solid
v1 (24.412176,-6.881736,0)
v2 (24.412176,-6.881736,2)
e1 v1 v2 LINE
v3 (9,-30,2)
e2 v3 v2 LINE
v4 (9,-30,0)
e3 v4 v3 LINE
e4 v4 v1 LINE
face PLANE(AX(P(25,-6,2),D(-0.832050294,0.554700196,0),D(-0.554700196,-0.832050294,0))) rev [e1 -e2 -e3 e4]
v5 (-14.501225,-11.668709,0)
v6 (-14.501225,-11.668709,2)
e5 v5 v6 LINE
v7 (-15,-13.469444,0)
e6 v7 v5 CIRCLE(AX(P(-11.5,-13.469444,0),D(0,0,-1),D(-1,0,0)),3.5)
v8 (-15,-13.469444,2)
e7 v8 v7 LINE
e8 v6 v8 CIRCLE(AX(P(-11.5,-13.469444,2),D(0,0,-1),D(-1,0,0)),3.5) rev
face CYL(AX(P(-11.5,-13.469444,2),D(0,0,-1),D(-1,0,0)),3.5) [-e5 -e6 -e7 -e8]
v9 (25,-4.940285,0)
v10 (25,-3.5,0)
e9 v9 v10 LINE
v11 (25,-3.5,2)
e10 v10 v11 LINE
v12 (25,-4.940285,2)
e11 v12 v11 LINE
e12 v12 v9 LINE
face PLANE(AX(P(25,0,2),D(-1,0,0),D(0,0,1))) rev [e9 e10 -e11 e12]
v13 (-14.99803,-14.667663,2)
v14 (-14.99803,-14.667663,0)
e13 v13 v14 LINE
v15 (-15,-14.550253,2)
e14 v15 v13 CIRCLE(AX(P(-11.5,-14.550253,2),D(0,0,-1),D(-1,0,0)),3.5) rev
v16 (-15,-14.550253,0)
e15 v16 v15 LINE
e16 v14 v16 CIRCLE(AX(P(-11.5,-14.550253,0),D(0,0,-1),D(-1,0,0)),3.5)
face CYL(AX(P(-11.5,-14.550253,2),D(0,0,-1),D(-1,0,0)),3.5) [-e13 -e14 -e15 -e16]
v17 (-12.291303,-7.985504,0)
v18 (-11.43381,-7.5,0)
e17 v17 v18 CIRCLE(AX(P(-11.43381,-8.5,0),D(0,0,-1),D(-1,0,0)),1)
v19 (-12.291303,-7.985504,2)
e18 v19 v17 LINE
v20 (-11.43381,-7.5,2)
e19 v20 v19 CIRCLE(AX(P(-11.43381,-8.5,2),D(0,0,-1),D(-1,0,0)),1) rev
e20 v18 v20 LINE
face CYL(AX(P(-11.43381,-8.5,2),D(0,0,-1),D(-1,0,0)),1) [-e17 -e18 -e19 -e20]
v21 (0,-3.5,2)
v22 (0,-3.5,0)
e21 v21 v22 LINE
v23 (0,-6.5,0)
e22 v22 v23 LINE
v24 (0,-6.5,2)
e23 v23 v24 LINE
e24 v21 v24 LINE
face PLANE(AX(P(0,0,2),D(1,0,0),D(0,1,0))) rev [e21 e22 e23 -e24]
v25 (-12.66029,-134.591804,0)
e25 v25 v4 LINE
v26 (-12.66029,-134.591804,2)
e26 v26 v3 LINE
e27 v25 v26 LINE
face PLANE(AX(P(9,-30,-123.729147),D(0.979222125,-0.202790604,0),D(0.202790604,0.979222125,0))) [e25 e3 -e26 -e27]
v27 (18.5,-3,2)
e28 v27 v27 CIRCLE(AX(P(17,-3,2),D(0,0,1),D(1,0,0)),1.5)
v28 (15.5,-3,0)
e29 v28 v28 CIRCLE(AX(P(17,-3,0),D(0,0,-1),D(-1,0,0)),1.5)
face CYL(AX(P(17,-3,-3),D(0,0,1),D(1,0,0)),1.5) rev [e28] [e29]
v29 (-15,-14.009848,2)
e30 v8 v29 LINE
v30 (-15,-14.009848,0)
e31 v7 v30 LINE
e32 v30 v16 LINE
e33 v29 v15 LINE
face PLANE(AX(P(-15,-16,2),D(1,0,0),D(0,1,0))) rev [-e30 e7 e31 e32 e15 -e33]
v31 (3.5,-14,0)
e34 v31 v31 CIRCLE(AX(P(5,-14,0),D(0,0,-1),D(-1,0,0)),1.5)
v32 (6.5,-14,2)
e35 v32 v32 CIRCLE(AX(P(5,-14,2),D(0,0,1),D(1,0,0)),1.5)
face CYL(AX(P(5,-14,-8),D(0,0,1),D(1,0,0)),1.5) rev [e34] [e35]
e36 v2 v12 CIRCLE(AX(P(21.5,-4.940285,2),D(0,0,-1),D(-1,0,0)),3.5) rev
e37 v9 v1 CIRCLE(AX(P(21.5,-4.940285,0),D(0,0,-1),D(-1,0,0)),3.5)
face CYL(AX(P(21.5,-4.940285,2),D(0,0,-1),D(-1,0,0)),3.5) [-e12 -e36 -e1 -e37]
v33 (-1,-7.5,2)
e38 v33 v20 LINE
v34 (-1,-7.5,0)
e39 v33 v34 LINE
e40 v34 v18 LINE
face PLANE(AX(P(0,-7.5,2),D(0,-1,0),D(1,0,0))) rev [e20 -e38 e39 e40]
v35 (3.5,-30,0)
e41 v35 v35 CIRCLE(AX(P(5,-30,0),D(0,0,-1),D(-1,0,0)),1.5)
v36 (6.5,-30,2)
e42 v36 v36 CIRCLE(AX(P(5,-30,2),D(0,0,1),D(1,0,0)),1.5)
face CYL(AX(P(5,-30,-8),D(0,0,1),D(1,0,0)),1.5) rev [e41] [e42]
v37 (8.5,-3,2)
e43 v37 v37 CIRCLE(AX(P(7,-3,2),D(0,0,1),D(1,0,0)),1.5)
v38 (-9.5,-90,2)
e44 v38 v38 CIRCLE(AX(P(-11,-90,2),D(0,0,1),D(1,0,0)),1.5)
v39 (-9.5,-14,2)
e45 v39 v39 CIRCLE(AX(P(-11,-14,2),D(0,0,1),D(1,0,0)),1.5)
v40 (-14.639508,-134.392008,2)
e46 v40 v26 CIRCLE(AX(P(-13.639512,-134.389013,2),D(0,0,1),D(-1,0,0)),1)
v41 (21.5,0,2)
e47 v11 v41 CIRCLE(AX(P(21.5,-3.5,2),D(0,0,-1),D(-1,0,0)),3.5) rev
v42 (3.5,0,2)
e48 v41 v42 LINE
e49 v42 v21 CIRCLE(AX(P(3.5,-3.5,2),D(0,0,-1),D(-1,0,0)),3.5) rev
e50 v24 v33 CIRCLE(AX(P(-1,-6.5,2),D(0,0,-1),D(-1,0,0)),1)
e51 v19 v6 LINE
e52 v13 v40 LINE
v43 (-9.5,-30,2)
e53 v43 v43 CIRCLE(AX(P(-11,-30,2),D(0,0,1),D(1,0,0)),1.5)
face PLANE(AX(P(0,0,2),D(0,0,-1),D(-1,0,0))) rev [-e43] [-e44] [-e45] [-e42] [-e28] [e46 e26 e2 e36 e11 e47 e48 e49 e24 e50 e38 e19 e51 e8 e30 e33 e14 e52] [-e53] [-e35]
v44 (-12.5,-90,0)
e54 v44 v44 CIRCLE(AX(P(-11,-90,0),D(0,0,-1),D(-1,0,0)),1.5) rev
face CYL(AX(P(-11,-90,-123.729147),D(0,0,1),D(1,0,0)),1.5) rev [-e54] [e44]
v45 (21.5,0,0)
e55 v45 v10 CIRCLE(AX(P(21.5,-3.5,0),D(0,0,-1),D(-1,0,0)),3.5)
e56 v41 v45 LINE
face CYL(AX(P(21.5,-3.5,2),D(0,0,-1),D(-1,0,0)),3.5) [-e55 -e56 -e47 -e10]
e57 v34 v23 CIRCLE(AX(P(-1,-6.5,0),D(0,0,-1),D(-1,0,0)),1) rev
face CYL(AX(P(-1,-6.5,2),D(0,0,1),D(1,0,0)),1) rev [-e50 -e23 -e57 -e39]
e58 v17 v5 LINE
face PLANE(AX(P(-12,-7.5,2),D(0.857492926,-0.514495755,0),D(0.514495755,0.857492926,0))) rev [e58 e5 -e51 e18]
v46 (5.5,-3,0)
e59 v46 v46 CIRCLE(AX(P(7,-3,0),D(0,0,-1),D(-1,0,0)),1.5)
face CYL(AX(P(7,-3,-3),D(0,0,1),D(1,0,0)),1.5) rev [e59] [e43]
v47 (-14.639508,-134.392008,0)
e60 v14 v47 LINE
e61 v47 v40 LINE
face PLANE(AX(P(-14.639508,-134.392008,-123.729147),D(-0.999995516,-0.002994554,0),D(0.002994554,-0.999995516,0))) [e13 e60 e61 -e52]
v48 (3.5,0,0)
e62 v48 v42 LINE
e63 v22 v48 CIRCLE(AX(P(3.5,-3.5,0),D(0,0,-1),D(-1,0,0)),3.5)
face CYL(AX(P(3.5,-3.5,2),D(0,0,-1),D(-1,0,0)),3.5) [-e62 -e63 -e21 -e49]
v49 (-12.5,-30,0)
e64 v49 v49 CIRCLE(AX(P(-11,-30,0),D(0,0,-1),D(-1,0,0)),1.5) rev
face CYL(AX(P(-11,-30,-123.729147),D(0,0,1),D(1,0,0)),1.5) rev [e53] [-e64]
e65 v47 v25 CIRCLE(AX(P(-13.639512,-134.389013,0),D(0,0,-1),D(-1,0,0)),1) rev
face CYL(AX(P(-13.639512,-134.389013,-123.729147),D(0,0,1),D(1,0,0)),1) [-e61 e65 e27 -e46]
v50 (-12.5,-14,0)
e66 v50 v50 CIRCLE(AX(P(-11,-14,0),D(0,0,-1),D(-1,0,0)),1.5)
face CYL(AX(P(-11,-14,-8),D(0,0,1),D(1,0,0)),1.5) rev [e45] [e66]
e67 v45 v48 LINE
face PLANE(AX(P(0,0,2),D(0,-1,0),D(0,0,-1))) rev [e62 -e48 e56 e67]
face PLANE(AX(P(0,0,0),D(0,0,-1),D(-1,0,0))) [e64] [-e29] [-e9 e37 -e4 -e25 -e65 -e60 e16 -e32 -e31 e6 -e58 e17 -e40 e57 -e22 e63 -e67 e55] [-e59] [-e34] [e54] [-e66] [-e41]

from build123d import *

# Parameters (mm, degrees)
EXTRUDE_1_DEPTH     = 2
SKETCH_2_R          = 1.5
CUT_EXTRUDE_1_DEPTH = 5
SKETCH_3_R          = 1.5
CUT_EXTRUDE_2_DEPTH = 10
FILLET_1_R          = 3.5
FILLET_2_R          = 1
SKETCH_4_R          = 1.5
EXTRUDE_2_DEPTH     = 2


with BuildPart() as part:
    # 草图1 → 凸台-拉伸1 (new body)
    with BuildSketch(Plane.XY):
        Polygon((5, -36), (-15, -16), (-15, -12.5), (-12, -7.5), (0, -7.5), (0, 0), (25, 0), (25, -6), align=None)
    extrude(amount=EXTRUDE_1_DEPTH)

    # 草图2 → 切除-拉伸1 (cut)
    with BuildSketch(Plane.XY.offset(2)):
        with Locations((17, -3)):
            Circle(SKETCH_2_R)
        with Locations((7, -3)):
            Circle(SKETCH_2_R)
    extrude(amount=-CUT_EXTRUDE_1_DEPTH, mode=Mode.SUBTRACT)

    # 草图3 → 切除-拉伸2 (cut)
    with BuildSketch(Plane.XY.offset(2)):
        with Locations((5, -30)):
            Circle(SKETCH_3_R)
        with Locations((5, -14)):
            Circle(SKETCH_3_R)
        with Locations((-11, -14)):
            Circle(SKETCH_3_R)
    extrude(amount=-CUT_EXTRUDE_2_DEPTH, mode=Mode.SUBTRACT)

    # 圆角1
    fillet_1_edges = [part.edges().sort_by_distance(p)[0] for p in [
        (25, 0, 1),
        (25, -6, 1),
        (5, -36, 1),
        (-15, -16, 1),
        (-15, -12.5, 1),
        (0, 0, 1),
    ]]
    fillet(fillet_1_edges, radius=FILLET_1_R)

    # 圆角2
    fillet_2_edges = [part.edges().sort_by_distance(p)[0] for p in [
        (-12, -7.5, 1),
        (0, -7.5, 1),
    ]]
    fillet(fillet_2_edges, radius=FILLET_2_R)

    # 草图4 → 凸台-拉伸2 (add)
    with BuildSketch(Plane.XY.offset(2)):
        with BuildLine():
            Line((9, -30), (-12.660289895, -134.591804029))
            ThreePointArc((-12.660289895, -134.591804029), (-13.739948562, -135.383956892), (-14.639507537, -134.392007979))
            Line((-14.639507537, -134.392007979), (-15, -14.009848205))
            Line((-15, -14.009848205), (9, -30))
        make_face()
        with Locations((-11, -30)):
            Circle(SKETCH_4_R, mode=Mode.SUBTRACT)
        with Locations((-11, -90)):
            Circle(SKETCH_4_R, mode=Mode.SUBTRACT)
        with Locations((5, -30)):
            Circle(SKETCH_4_R, mode=Mode.SUBTRACT)
    extrude(amount=-EXTRUDE_2_DEPTH)


solid = part.part
